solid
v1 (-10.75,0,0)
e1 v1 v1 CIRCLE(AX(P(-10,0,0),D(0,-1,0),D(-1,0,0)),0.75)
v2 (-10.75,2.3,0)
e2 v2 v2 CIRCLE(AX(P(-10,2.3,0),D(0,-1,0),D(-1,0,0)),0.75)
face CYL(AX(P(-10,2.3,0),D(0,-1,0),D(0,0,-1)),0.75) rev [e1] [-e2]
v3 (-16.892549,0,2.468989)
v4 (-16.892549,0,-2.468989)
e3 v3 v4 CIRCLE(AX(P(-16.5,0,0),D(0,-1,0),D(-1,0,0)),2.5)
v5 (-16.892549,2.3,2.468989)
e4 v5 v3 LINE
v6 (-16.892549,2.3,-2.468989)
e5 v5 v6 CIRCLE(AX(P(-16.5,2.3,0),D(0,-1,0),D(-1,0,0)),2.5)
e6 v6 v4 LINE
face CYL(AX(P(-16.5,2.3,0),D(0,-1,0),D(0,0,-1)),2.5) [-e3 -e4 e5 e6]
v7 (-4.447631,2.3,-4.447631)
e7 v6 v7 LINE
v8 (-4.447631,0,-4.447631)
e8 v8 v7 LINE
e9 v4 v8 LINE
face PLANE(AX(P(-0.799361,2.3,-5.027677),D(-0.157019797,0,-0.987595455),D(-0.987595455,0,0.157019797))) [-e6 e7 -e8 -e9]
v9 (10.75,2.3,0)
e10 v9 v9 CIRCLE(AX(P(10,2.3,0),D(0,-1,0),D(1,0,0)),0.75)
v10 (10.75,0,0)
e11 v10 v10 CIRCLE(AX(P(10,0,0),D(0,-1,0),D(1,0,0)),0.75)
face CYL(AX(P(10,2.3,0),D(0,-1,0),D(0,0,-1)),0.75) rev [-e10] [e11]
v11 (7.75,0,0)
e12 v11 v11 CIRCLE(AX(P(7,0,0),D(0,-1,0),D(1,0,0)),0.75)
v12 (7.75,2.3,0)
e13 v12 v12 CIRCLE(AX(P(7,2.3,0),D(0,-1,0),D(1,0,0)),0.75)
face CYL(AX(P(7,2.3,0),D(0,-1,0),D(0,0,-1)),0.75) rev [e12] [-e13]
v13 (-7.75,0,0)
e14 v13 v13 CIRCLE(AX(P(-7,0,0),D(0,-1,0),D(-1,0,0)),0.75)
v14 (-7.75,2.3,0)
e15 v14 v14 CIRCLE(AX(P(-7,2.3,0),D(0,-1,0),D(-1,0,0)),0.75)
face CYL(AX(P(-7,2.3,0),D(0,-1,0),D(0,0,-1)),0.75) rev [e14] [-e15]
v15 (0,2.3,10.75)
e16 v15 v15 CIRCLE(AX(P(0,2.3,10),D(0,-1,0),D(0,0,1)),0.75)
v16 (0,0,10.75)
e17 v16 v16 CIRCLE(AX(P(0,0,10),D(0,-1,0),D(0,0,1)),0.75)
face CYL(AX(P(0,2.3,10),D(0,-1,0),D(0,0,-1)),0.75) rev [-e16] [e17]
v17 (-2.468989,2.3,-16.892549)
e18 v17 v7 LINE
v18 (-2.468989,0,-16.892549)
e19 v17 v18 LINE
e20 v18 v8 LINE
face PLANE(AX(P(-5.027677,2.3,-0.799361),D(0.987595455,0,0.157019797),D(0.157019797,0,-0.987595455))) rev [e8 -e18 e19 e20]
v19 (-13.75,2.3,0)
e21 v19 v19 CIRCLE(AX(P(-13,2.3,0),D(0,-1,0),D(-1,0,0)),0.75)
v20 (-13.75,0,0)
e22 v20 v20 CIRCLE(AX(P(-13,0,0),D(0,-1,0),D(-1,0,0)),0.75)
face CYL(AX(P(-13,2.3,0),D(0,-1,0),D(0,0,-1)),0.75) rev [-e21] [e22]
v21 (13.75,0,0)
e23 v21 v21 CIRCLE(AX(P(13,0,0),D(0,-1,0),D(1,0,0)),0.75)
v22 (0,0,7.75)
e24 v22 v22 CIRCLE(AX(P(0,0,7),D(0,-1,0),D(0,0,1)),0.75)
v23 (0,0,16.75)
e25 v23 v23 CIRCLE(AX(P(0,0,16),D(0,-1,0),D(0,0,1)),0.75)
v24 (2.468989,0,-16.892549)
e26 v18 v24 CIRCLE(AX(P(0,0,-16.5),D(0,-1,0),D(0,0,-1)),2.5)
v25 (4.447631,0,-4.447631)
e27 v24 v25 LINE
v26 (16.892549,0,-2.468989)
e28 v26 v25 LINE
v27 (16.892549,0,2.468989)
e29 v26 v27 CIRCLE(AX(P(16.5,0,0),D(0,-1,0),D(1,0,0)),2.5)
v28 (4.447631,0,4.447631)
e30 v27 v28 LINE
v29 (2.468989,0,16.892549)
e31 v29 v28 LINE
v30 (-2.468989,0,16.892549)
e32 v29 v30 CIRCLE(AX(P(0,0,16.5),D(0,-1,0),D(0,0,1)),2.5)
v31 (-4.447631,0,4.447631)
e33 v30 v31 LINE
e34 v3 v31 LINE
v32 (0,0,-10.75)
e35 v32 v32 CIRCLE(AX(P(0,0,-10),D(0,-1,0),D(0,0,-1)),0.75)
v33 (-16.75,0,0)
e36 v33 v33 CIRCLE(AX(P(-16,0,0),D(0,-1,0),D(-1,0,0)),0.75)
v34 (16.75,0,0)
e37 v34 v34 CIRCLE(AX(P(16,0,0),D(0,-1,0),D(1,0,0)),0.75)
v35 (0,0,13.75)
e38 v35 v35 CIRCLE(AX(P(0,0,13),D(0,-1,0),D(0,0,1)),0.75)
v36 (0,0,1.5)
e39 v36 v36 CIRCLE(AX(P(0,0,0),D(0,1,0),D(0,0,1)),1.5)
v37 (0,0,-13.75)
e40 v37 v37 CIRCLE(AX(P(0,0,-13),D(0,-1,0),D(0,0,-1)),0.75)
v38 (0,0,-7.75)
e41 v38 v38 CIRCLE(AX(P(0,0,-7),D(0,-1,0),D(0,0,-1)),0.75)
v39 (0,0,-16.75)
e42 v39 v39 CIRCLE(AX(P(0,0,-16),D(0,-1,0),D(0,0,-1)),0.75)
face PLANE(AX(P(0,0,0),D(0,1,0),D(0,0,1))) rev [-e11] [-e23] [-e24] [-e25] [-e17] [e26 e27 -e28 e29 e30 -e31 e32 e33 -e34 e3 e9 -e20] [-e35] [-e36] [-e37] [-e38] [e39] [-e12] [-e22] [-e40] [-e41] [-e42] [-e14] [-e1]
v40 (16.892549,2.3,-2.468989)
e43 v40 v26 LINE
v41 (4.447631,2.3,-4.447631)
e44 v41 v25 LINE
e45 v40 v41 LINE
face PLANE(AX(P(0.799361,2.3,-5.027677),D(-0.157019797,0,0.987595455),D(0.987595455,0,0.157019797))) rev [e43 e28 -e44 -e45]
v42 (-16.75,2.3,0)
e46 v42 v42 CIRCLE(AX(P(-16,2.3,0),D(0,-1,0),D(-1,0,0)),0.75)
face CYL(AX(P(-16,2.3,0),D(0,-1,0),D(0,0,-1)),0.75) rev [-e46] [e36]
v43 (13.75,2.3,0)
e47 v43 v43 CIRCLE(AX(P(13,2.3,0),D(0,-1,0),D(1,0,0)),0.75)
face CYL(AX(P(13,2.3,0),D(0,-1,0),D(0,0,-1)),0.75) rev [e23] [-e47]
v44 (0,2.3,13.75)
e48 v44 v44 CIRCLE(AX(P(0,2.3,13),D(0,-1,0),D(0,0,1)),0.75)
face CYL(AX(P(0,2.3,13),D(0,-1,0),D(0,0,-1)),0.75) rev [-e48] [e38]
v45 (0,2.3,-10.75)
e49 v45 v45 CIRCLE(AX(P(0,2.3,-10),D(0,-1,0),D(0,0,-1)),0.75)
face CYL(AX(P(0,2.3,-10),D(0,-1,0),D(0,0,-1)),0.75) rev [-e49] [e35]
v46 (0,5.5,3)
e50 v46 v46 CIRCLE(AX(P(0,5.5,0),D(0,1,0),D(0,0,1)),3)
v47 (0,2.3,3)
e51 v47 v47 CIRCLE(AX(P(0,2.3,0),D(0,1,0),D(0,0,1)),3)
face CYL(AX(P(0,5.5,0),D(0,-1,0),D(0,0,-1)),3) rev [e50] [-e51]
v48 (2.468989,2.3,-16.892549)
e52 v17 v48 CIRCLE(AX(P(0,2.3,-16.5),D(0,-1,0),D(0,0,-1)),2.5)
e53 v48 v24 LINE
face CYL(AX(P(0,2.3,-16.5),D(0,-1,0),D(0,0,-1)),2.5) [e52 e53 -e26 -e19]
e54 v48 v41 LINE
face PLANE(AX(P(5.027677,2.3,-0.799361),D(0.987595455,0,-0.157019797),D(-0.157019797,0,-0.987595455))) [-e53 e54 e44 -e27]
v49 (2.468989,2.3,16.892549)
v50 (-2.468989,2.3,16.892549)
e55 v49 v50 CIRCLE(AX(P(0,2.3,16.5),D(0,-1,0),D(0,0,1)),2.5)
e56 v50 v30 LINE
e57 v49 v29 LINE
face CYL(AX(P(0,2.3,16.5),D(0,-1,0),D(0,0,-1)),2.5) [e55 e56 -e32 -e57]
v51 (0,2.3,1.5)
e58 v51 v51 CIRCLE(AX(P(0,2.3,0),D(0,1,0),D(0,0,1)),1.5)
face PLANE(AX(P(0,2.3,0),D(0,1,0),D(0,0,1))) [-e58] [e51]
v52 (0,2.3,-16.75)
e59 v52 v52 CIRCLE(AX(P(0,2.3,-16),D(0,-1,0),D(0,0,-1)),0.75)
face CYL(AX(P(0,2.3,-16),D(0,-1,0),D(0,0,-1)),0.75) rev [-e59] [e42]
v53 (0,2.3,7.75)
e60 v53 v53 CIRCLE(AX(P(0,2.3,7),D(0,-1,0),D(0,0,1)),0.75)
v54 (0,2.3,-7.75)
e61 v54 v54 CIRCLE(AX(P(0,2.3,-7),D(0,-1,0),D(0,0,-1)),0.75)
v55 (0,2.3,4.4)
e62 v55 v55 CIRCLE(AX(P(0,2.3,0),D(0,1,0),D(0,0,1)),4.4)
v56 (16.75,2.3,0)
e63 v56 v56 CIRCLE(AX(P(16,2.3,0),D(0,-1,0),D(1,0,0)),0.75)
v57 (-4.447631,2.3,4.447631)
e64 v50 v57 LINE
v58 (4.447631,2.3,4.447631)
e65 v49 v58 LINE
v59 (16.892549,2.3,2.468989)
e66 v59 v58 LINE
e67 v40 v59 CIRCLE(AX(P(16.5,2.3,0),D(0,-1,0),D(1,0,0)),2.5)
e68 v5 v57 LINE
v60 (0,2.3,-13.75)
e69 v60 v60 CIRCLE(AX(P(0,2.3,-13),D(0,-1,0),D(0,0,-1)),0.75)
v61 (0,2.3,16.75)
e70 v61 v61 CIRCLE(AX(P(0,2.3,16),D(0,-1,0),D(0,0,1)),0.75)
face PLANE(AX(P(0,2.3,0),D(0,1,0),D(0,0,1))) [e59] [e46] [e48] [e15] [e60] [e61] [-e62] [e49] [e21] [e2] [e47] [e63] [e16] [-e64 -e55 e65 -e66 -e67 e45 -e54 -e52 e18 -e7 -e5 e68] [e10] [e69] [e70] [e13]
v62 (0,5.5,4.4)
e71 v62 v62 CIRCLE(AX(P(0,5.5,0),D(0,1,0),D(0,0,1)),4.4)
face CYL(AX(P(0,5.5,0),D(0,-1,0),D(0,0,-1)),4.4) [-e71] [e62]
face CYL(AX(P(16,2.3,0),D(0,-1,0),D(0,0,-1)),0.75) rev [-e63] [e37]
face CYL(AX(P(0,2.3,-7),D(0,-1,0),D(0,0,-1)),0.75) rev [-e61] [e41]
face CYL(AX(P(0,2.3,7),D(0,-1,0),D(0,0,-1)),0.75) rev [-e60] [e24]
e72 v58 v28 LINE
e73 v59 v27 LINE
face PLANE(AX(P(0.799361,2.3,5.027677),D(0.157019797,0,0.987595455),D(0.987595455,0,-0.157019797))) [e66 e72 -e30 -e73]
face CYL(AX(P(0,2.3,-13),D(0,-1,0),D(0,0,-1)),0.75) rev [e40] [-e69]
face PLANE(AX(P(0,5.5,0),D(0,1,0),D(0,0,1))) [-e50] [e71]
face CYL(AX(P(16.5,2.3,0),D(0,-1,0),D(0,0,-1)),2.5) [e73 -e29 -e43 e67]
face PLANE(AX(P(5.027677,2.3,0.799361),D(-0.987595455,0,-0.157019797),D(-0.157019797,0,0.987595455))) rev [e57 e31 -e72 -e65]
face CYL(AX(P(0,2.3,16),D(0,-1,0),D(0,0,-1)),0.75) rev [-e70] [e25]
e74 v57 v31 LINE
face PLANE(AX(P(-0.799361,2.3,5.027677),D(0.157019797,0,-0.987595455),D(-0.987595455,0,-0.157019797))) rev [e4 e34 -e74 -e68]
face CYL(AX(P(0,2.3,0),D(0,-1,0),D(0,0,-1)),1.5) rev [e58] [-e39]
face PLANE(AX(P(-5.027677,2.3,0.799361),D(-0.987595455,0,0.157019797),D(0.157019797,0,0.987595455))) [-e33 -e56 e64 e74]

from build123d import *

# Parameters (mm, degrees)
SKETCH1_R           = 6.1
SKETCH1_R_2         = 1.5
BOSS_EXTRUDE1_DEPTH = 2.3
SKETCH2_R           = 4.4
SKETCH2_R_2         = 3
BOSS_EXTRUDE2_DEPTH = 3.2
SKETCH3_R           = 0.75
BOSS_EXTRUDE3_DEPTH = 2.3
CIRPATTERN1_COUNT   = 4


with BuildPart() as part:
    # Sketch1 → Boss-Extrude1 (new body)
    with BuildSketch(Plane(origin=(0, 0, 0), x_dir=(1, 0, 0), z_dir=(0, 1, 0))):
        Circle(SKETCH1_R)
        Circle(SKETCH1_R_2, mode=Mode.SUBTRACT)
    extrude(amount=BOSS_EXTRUDE1_DEPTH)

    # Sketch2 → Boss-Extrude2 (add)
    with BuildSketch(Plane(origin=(0, 2.3, 0), x_dir=(1, 0, 0), z_dir=(0, 1, 0))):
        Circle(SKETCH2_R)
        Circle(SKETCH2_R_2, mode=Mode.SUBTRACT)
    extrude(amount=BOSS_EXTRUDE2_DEPTH)

    # Sketch3 → Boss-Extrude3 (add)
    with BuildSketch(Plane.XZ):
        with BuildLine():
            Line((-4.5, -4.118252056), (-2.468988638, -16.892549493))
            ThreePointArc((-2.468988638, -16.892549493), (0, -19), (2.468988638, -16.892549493))
            Line((2.468988638, -16.892549493), (4.5, -4.118252056))
            ThreePointArc((4.5, -4.118252056), (0, -6.1), (-4.5, -4.118252056))
        make_face()
        with Locations((0, -16)):
            Circle(SKETCH3_R, mode=Mode.SUBTRACT)
        with Locations((0, -13)):
            Circle(SKETCH3_R, mode=Mode.SUBTRACT)
        with Locations((0, -10)):
            Circle(SKETCH3_R, mode=Mode.SUBTRACT)
        with Locations((0, -7)):
            Circle(SKETCH3_R, mode=Mode.SUBTRACT)
    boss_extrude3 = extrude(amount=-BOSS_EXTRUDE3_DEPTH)

    # CirPattern1: Boss-Extrude3 ×4 about axis
    cirpattern1_axis = Axis((0, 0, 0), (0, 1, 0))
    for i in range(1, CIRPATTERN1_COUNT):
        add(boss_extrude3.rotate(cirpattern1_axis, i * 360 / CIRPATTERN1_COUNT))


solid = part.part
